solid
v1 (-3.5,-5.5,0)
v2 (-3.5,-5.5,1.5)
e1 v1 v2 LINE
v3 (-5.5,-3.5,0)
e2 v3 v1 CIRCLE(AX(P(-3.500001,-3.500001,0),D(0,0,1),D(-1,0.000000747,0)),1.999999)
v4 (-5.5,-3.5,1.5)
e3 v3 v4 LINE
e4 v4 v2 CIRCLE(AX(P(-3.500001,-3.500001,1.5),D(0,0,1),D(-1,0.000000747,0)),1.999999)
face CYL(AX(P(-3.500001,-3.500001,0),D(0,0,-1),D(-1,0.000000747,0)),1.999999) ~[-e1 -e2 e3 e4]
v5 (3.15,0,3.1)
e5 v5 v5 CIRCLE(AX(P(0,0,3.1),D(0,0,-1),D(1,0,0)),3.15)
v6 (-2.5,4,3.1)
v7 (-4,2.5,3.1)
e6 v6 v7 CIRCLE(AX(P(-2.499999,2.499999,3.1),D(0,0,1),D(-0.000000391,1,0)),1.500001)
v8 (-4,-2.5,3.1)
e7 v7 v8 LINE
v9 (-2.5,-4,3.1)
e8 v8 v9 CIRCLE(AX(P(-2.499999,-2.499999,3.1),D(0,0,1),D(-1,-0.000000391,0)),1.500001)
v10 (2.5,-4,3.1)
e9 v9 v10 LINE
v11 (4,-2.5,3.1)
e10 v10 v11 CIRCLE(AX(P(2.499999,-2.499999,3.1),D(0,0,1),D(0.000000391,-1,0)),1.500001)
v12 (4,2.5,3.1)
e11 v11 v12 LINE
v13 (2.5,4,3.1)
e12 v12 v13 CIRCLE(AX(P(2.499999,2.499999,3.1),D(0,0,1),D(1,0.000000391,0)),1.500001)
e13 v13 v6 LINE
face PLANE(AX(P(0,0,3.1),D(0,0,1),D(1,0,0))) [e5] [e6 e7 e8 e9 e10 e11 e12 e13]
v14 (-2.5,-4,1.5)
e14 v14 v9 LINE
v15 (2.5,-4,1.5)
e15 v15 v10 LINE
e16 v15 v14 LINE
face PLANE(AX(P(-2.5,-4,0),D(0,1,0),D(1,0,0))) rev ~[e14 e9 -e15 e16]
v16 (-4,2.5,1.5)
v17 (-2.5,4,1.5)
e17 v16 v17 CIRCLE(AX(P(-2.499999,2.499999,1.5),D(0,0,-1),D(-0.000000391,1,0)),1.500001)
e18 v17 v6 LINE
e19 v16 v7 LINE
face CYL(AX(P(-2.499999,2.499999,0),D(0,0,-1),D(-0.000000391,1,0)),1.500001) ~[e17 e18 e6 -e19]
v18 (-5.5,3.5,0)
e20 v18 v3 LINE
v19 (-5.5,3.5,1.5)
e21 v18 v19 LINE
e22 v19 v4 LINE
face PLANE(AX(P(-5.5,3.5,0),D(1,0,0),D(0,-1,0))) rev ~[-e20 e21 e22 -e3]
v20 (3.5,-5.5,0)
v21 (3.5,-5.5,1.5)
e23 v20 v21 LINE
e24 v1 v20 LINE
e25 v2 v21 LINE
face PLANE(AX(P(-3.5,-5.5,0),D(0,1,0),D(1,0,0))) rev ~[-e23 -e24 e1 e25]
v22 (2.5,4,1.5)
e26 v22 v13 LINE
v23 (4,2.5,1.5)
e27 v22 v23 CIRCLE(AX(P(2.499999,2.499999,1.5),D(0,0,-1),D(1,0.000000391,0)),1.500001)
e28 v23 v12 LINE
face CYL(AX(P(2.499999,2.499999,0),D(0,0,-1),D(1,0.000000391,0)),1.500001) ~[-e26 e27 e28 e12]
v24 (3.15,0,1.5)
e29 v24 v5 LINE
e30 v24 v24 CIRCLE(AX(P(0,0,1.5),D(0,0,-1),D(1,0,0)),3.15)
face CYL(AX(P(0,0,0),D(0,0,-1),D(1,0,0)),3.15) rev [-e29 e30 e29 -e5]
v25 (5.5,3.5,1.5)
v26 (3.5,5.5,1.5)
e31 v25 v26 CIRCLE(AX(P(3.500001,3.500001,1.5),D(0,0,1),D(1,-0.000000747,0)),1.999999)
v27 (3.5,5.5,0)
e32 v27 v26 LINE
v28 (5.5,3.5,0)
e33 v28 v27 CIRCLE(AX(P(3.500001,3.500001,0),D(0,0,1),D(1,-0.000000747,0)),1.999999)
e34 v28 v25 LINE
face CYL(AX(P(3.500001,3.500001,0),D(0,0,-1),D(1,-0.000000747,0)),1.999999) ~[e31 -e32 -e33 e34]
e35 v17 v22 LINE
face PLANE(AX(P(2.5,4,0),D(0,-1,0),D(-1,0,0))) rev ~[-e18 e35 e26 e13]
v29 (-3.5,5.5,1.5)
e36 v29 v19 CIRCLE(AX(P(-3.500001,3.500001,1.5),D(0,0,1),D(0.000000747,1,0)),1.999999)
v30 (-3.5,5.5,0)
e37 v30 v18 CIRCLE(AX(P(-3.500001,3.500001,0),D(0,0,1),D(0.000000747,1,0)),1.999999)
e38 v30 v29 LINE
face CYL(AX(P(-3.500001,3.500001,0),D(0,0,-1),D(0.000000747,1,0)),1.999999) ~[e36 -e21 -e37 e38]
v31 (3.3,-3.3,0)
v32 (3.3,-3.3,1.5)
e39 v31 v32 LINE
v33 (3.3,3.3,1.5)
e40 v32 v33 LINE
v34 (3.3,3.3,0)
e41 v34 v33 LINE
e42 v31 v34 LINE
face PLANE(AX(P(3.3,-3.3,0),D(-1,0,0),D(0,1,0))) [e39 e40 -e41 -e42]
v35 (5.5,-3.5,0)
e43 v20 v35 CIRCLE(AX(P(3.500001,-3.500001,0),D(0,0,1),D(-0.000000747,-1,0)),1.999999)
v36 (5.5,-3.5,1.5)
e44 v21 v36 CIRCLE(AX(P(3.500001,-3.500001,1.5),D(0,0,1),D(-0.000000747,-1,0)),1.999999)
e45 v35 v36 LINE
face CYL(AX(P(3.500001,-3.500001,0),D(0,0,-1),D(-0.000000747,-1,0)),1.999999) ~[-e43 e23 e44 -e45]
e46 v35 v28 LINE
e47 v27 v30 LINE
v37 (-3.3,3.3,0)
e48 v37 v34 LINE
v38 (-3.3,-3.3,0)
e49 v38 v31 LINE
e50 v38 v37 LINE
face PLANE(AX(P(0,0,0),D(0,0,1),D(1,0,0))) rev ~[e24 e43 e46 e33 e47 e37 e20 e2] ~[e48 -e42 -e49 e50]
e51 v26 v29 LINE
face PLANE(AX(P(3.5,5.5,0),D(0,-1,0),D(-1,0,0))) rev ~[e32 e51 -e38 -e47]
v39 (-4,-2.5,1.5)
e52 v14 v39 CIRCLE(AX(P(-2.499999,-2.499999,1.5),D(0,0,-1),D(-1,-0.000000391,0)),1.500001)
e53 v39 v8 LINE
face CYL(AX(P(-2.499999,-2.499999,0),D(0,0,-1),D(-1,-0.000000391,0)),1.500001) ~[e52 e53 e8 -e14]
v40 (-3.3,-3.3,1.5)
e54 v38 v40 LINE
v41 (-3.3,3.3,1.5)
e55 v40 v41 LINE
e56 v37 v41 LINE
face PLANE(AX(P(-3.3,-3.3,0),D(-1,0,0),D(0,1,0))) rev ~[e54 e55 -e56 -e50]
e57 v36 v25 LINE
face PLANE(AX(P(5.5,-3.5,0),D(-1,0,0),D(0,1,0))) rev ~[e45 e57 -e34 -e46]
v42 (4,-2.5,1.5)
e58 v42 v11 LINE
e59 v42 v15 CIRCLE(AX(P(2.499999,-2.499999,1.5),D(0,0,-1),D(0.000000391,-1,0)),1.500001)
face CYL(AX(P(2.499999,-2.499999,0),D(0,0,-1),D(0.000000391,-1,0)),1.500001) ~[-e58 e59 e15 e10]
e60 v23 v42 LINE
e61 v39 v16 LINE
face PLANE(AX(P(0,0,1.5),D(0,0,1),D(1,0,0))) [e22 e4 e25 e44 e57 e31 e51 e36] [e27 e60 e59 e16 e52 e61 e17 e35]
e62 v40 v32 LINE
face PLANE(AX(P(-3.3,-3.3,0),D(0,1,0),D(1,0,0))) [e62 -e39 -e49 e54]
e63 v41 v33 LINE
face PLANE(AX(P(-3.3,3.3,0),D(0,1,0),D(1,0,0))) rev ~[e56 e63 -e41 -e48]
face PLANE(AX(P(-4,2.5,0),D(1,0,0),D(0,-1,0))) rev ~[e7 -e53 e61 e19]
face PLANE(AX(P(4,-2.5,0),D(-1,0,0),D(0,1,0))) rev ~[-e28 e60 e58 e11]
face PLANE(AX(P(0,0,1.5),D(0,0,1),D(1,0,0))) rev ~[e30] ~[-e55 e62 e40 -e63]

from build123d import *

# Parameters (mm, degrees)
F0_W     = 6.6
F0_H     = 6.6
F0_R     = 3.15
F1_DEPTH = 1.5
F2_DEPTH = 3.1
F3_DEPTH = 3.101
F4_DEPTH = 1.5


with BuildPart() as f1:
    # F0 (on Top) → F1 (new body)
    with BuildSketch(Plane.XY):
        with BuildLine():
            Line((3.5, 5.5), (-3.5, 5.5))
            ThreePointArc((-3.5, 5.5), (-4.914214, 4.914214), (-5.5, 3.5))
            Line((-5.5, 3.5), (-5.5, -3.5))
            ThreePointArc((-5.5, -3.5), (-4.914214, -4.914214), (-3.5, -5.5))
            Line((-3.5, -5.5), (3.5, -5.5))
            ThreePointArc((3.5, -5.5), (4.914214, -4.914214), (5.5, -3.5))
            Line((5.5, -3.5), (5.5, 3.5))
            ThreePointArc((5.5, 3.5), (4.914214, 4.914214), (3.5, 5.5))
        make_face()
        with BuildLine():
            ThreePointArc((-4, 2.5), (-3.56066, 3.56066), (-2.5, 4))
            Line((-2.5, 4), (2.5, 4))
            ThreePointArc((2.5, 4), (3.56066, 3.56066), (4, 2.5))
            Line((4, 2.5), (4, -2.5))
            ThreePointArc((4, -2.5), (3.56066, -3.56066), (2.5, -4))
            Line((2.5, -4), (-2.5, -4))
            ThreePointArc((-2.5, -4), (-3.56066, -3.56066), (-4, -2.5))
            Line((-4, -2.5), (-4, 2.5))
        make_face(mode=Mode.SUBTRACT)
        with BuildLine():
            Line((2.5, 4), (-2.5, 4))
            ThreePointArc((-2.5, 4), (-3.56066, 3.56066), (-4, 2.5))
            Line((-4, 2.5), (-4, -2.5))
            ThreePointArc((-4, -2.5), (-3.56066, -3.56066), (-2.5, -4))
            Line((-2.5, -4), (2.5, -4))
            ThreePointArc((2.5, -4), (3.56066, -3.56066), (4, -2.5))
            Line((4, -2.5), (4, 2.5))
            ThreePointArc((4, 2.5), (3.56066, 3.56066), (2.5, 4))
        make_face()
        Rectangle(F0_W, F0_H, mode=Mode.SUBTRACT)
        Rectangle(F0_W, F0_H)
        Circle(F0_R, mode=Mode.SUBTRACT)
        Circle(F0_R)
    extrude(amount=F1_DEPTH)

    # F0 (on Top) → F2 (join)
    with BuildSketch(Plane.XY):
        with BuildLine():
            Line((2.5, 4), (-2.5, 4))
            ThreePointArc((-2.5, 4), (-3.56066, 3.56066), (-4, 2.5))
            Line((-4, 2.5), (-4, -2.5))
            ThreePointArc((-4, -2.5), (-3.56066, -3.56066), (-2.5, -4))
            Line((-2.5, -4), (2.5, -4))
            ThreePointArc((2.5, -4), (3.56066, -3.56066), (4, -2.5))
            Line((4, -2.5), (4, 2.5))
            ThreePointArc((4, 2.5), (3.56066, 3.56066), (2.5, 4))
        make_face()
        Rectangle(F0_W, F0_H, mode=Mode.SUBTRACT)
        Rectangle(F0_W, F0_H)
        Circle(F0_R, mode=Mode.SUBTRACT)
        Circle(F0_R)
    extrude(amount=F2_DEPTH)

    # F0 (on Top) → F3 (cut, through all)
    with BuildSketch(Plane.XY):
        Circle(F0_R)
    extrude(amount=F3_DEPTH, mode=Mode.SUBTRACT)

    # F0 (on Top) → F4 (cut)
    with BuildSketch(Plane.XY):
        Rectangle(F0_W, F0_H)
        Circle(F0_R, mode=Mode.SUBTRACT)
        Circle(F0_R)
    extrude(amount=F4_DEPTH, mode=Mode.SUBTRACT)


solid = f1.part
